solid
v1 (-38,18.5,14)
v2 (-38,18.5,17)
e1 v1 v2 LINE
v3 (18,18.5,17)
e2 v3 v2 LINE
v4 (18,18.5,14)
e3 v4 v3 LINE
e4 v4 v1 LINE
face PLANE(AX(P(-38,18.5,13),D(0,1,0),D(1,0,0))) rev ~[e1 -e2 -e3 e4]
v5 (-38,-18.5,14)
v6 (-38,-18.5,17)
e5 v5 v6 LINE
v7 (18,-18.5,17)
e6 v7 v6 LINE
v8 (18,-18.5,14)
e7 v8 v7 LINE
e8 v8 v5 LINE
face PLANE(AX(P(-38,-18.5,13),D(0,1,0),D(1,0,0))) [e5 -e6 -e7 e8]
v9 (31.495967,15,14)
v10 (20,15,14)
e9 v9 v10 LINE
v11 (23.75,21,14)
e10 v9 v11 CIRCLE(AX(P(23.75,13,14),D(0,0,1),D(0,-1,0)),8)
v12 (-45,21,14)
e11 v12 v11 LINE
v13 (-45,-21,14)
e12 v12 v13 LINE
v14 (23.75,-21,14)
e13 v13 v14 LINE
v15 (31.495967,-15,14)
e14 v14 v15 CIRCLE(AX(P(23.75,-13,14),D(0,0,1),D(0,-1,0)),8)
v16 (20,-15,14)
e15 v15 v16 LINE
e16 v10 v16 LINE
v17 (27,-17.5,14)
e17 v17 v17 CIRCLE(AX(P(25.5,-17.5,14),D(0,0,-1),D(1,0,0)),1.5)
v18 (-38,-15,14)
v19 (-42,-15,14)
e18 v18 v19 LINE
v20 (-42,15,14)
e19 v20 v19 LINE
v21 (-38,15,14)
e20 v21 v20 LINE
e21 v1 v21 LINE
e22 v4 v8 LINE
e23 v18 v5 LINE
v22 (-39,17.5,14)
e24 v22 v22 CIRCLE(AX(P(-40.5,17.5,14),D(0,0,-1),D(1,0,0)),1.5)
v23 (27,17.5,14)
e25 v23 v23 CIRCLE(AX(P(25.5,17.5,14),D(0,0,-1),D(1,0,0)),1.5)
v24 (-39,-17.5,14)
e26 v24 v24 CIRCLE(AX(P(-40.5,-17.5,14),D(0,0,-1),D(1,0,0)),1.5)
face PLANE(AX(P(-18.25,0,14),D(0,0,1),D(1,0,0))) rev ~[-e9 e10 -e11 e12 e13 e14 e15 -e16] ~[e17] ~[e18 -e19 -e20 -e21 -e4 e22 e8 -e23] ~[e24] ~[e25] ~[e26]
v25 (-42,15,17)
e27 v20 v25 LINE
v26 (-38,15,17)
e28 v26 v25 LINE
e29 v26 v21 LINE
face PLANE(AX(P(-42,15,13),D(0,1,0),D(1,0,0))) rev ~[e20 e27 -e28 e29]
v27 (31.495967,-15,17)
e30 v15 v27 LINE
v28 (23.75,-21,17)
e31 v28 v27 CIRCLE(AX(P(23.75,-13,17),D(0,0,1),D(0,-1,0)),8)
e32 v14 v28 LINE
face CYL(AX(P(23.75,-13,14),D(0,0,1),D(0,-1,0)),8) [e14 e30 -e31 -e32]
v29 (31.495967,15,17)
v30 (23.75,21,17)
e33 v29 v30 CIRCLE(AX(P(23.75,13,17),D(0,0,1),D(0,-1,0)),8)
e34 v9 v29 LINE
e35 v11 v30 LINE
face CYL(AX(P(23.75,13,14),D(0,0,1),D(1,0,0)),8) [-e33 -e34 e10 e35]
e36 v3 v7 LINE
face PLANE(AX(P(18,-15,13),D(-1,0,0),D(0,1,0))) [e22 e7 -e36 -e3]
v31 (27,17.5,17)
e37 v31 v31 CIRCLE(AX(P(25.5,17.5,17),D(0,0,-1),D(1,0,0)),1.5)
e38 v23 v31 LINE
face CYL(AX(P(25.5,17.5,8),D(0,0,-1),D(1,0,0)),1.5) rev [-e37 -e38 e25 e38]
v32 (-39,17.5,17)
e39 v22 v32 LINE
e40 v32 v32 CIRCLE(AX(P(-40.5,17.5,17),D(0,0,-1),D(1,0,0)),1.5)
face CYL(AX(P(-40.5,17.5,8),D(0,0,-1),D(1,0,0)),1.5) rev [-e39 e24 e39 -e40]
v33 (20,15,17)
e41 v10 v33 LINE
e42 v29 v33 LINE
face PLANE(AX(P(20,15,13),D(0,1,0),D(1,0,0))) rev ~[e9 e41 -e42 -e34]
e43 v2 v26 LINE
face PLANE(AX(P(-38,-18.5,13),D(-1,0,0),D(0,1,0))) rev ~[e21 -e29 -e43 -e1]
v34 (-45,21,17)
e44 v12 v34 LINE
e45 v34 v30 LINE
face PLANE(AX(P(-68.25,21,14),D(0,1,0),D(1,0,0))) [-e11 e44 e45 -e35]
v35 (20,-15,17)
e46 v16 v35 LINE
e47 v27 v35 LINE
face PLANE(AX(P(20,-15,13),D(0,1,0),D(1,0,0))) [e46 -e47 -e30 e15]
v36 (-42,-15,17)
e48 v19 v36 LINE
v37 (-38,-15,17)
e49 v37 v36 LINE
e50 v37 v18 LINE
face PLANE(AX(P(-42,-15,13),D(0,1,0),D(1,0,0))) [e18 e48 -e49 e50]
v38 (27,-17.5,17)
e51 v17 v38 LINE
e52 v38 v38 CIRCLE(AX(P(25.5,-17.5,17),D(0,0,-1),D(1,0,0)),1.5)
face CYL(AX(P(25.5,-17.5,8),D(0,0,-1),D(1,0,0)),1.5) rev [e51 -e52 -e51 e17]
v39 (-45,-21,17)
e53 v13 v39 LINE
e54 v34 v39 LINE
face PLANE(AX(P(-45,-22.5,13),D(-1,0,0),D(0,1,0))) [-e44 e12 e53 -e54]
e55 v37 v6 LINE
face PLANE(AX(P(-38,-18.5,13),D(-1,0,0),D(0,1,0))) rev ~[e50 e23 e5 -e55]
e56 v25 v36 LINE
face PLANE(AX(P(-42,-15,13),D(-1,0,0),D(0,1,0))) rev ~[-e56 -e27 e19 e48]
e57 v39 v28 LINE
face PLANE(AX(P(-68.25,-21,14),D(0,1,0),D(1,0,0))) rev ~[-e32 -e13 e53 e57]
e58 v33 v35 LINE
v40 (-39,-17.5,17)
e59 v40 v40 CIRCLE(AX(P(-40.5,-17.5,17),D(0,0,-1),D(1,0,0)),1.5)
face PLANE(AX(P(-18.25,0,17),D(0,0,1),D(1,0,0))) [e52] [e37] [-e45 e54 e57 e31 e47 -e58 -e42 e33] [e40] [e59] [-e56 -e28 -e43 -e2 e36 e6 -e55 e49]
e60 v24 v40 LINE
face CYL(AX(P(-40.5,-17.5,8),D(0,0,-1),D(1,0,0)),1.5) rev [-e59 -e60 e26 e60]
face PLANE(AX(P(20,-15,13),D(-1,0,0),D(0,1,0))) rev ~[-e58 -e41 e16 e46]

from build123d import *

# Parameters (mm, degrees)
BOX116_W          = 56
BOX116_H          = 37
BOX116_DEPTH      = 6
BOX130_W          = 60
BOX130_H          = 30
BOX130_DEPTH      = 6
CYLINDER224_R     = 1.5
CYLINDER224_DEPTH = 12
BOX131_W          = 12
BOX131_H          = 30
BOX131_DEPTH      = 6
CYLINDER222_R     = 1.5
CYLINDER222_DEPTH = 12
CYLINDER221_R     = 1.5
CYLINDER221_DEPTH = 12
CYLINDER223_R     = 1.5
CYLINDER223_DEPTH = 12
BOX134_W          = 25
BOX134_H          = 45
BOX134_DEPTH      = 6
BOX097_W          = 100
BOX097_H          = 42
BOX097_DEPTH      = 3
FILLET082_R       = 8


with BuildPart() as w_rfel110:
    # Box116 → Box116 (new body)
    with BuildSketch(Plane(origin=(-38, -18.5, 13), x_dir=(1, 0, 0), z_dir=(0, 0, 1))):
        with Locations((28, 18.5)):
            Rectangle(BOX116_W, BOX116_H)
    extrude(amount=BOX116_DEPTH)


with BuildPart() as w_rfel120:
    # Box130 → Box130 (new body)
    with BuildSketch(Plane(origin=(-42, -15, 13), x_dir=(1, 0, 0), z_dir=(0, 0, 1))):
        with Locations((30, 15)):
            Rectangle(BOX130_W, BOX130_H)
    extrude(amount=BOX130_DEPTH)


with BuildPart() as zylinder224:
    # Cylinder224 → Cylinder224 (new body)
    with BuildSketch(Plane(origin=(25.5, 17.5, 8), x_dir=(1, 0, 0), z_dir=(0, 0, 1))):
        Circle(CYLINDER224_R)
    extrude(amount=CYLINDER224_DEPTH)


with BuildPart() as w_rfel121:
    # Box131 → Box131 (new body)
    with BuildSketch(Plane(origin=(20, -15, 13), x_dir=(1, 0, 0), z_dir=(0, 0, 1))):
        with Locations((6, 15)):
            Rectangle(BOX131_W, BOX131_H)
    extrude(amount=BOX131_DEPTH)


with BuildPart() as zylinder222:
    # Cylinder222 → Cylinder222 (new body)
    with BuildSketch(Plane(origin=(-40.5, -17.5, 8), x_dir=(1, 0, 0), z_dir=(0, 0, 1))):
        Circle(CYLINDER222_R)
    extrude(amount=CYLINDER222_DEPTH)


with BuildPart() as zylinder221:
    # Cylinder221 → Cylinder221 (new body)
    with BuildSketch(Plane(origin=(-40.5, 17.5, 8), x_dir=(1, 0, 0), z_dir=(0, 0, 1))):
        Circle(CYLINDER221_R)
    extrude(amount=CYLINDER221_DEPTH)


with BuildPart() as zylinder223:
    # Cylinder223 → Cylinder223 (new body)
    with BuildSketch(Plane(origin=(25.5, -17.5, 8), x_dir=(1, 0, 0), z_dir=(0, 0, 1))):
        Circle(CYLINDER223_R)
    extrude(amount=CYLINDER223_DEPTH)


with BuildPart() as fusion142:
    # Box134 → Box134 (new body)
    with BuildSketch(Plane(origin=(-70, -22.5, 13), x_dir=(1, 0, 0), z_dir=(0, 0, 1))):
        with Locations((12.5, 22.5)):
            Rectangle(BOX134_W, BOX134_H)
    extrude(amount=BOX134_DEPTH)

    # Fusion142: union Würfel110, Würfel120, Zylinder224, Würfel121, Zylinder222, Zylinder221, Zylinder223
    add(w_rfel110.part)
    add(w_rfel120.part)
    add(zylinder224.part)
    add(w_rfel121.part)
    add(zylinder222.part)
    add(zylinder221.part)
    add(zylinder223.part)


with BuildPart() as cut097:
    # Box097 → Box097 (new body)
    with BuildSketch(Plane(origin=(-68.25, -21, 14), x_dir=(1, 0, 0), z_dir=(0, 0, 1))):
        with Locations((50, 21)):
            Rectangle(BOX097_W, BOX097_H)
    extrude(amount=BOX097_DEPTH)

    # Fillet082
    fillet082_edges = [cut097.edges().sort_by_distance(p)[0] for p in [
        (-68.25, -21, 15.5),
        (-68.25, 21, 15.5),
        (31.75, -21, 15.5),
        (31.75, 21, 15.5),
    ]]
    fillet(fillet082_edges, radius=FILLET082_R)

    # Cut097: cut Fusion142
    add(fusion142.part, mode=Mode.SUBTRACT)


solid = cut097.part
